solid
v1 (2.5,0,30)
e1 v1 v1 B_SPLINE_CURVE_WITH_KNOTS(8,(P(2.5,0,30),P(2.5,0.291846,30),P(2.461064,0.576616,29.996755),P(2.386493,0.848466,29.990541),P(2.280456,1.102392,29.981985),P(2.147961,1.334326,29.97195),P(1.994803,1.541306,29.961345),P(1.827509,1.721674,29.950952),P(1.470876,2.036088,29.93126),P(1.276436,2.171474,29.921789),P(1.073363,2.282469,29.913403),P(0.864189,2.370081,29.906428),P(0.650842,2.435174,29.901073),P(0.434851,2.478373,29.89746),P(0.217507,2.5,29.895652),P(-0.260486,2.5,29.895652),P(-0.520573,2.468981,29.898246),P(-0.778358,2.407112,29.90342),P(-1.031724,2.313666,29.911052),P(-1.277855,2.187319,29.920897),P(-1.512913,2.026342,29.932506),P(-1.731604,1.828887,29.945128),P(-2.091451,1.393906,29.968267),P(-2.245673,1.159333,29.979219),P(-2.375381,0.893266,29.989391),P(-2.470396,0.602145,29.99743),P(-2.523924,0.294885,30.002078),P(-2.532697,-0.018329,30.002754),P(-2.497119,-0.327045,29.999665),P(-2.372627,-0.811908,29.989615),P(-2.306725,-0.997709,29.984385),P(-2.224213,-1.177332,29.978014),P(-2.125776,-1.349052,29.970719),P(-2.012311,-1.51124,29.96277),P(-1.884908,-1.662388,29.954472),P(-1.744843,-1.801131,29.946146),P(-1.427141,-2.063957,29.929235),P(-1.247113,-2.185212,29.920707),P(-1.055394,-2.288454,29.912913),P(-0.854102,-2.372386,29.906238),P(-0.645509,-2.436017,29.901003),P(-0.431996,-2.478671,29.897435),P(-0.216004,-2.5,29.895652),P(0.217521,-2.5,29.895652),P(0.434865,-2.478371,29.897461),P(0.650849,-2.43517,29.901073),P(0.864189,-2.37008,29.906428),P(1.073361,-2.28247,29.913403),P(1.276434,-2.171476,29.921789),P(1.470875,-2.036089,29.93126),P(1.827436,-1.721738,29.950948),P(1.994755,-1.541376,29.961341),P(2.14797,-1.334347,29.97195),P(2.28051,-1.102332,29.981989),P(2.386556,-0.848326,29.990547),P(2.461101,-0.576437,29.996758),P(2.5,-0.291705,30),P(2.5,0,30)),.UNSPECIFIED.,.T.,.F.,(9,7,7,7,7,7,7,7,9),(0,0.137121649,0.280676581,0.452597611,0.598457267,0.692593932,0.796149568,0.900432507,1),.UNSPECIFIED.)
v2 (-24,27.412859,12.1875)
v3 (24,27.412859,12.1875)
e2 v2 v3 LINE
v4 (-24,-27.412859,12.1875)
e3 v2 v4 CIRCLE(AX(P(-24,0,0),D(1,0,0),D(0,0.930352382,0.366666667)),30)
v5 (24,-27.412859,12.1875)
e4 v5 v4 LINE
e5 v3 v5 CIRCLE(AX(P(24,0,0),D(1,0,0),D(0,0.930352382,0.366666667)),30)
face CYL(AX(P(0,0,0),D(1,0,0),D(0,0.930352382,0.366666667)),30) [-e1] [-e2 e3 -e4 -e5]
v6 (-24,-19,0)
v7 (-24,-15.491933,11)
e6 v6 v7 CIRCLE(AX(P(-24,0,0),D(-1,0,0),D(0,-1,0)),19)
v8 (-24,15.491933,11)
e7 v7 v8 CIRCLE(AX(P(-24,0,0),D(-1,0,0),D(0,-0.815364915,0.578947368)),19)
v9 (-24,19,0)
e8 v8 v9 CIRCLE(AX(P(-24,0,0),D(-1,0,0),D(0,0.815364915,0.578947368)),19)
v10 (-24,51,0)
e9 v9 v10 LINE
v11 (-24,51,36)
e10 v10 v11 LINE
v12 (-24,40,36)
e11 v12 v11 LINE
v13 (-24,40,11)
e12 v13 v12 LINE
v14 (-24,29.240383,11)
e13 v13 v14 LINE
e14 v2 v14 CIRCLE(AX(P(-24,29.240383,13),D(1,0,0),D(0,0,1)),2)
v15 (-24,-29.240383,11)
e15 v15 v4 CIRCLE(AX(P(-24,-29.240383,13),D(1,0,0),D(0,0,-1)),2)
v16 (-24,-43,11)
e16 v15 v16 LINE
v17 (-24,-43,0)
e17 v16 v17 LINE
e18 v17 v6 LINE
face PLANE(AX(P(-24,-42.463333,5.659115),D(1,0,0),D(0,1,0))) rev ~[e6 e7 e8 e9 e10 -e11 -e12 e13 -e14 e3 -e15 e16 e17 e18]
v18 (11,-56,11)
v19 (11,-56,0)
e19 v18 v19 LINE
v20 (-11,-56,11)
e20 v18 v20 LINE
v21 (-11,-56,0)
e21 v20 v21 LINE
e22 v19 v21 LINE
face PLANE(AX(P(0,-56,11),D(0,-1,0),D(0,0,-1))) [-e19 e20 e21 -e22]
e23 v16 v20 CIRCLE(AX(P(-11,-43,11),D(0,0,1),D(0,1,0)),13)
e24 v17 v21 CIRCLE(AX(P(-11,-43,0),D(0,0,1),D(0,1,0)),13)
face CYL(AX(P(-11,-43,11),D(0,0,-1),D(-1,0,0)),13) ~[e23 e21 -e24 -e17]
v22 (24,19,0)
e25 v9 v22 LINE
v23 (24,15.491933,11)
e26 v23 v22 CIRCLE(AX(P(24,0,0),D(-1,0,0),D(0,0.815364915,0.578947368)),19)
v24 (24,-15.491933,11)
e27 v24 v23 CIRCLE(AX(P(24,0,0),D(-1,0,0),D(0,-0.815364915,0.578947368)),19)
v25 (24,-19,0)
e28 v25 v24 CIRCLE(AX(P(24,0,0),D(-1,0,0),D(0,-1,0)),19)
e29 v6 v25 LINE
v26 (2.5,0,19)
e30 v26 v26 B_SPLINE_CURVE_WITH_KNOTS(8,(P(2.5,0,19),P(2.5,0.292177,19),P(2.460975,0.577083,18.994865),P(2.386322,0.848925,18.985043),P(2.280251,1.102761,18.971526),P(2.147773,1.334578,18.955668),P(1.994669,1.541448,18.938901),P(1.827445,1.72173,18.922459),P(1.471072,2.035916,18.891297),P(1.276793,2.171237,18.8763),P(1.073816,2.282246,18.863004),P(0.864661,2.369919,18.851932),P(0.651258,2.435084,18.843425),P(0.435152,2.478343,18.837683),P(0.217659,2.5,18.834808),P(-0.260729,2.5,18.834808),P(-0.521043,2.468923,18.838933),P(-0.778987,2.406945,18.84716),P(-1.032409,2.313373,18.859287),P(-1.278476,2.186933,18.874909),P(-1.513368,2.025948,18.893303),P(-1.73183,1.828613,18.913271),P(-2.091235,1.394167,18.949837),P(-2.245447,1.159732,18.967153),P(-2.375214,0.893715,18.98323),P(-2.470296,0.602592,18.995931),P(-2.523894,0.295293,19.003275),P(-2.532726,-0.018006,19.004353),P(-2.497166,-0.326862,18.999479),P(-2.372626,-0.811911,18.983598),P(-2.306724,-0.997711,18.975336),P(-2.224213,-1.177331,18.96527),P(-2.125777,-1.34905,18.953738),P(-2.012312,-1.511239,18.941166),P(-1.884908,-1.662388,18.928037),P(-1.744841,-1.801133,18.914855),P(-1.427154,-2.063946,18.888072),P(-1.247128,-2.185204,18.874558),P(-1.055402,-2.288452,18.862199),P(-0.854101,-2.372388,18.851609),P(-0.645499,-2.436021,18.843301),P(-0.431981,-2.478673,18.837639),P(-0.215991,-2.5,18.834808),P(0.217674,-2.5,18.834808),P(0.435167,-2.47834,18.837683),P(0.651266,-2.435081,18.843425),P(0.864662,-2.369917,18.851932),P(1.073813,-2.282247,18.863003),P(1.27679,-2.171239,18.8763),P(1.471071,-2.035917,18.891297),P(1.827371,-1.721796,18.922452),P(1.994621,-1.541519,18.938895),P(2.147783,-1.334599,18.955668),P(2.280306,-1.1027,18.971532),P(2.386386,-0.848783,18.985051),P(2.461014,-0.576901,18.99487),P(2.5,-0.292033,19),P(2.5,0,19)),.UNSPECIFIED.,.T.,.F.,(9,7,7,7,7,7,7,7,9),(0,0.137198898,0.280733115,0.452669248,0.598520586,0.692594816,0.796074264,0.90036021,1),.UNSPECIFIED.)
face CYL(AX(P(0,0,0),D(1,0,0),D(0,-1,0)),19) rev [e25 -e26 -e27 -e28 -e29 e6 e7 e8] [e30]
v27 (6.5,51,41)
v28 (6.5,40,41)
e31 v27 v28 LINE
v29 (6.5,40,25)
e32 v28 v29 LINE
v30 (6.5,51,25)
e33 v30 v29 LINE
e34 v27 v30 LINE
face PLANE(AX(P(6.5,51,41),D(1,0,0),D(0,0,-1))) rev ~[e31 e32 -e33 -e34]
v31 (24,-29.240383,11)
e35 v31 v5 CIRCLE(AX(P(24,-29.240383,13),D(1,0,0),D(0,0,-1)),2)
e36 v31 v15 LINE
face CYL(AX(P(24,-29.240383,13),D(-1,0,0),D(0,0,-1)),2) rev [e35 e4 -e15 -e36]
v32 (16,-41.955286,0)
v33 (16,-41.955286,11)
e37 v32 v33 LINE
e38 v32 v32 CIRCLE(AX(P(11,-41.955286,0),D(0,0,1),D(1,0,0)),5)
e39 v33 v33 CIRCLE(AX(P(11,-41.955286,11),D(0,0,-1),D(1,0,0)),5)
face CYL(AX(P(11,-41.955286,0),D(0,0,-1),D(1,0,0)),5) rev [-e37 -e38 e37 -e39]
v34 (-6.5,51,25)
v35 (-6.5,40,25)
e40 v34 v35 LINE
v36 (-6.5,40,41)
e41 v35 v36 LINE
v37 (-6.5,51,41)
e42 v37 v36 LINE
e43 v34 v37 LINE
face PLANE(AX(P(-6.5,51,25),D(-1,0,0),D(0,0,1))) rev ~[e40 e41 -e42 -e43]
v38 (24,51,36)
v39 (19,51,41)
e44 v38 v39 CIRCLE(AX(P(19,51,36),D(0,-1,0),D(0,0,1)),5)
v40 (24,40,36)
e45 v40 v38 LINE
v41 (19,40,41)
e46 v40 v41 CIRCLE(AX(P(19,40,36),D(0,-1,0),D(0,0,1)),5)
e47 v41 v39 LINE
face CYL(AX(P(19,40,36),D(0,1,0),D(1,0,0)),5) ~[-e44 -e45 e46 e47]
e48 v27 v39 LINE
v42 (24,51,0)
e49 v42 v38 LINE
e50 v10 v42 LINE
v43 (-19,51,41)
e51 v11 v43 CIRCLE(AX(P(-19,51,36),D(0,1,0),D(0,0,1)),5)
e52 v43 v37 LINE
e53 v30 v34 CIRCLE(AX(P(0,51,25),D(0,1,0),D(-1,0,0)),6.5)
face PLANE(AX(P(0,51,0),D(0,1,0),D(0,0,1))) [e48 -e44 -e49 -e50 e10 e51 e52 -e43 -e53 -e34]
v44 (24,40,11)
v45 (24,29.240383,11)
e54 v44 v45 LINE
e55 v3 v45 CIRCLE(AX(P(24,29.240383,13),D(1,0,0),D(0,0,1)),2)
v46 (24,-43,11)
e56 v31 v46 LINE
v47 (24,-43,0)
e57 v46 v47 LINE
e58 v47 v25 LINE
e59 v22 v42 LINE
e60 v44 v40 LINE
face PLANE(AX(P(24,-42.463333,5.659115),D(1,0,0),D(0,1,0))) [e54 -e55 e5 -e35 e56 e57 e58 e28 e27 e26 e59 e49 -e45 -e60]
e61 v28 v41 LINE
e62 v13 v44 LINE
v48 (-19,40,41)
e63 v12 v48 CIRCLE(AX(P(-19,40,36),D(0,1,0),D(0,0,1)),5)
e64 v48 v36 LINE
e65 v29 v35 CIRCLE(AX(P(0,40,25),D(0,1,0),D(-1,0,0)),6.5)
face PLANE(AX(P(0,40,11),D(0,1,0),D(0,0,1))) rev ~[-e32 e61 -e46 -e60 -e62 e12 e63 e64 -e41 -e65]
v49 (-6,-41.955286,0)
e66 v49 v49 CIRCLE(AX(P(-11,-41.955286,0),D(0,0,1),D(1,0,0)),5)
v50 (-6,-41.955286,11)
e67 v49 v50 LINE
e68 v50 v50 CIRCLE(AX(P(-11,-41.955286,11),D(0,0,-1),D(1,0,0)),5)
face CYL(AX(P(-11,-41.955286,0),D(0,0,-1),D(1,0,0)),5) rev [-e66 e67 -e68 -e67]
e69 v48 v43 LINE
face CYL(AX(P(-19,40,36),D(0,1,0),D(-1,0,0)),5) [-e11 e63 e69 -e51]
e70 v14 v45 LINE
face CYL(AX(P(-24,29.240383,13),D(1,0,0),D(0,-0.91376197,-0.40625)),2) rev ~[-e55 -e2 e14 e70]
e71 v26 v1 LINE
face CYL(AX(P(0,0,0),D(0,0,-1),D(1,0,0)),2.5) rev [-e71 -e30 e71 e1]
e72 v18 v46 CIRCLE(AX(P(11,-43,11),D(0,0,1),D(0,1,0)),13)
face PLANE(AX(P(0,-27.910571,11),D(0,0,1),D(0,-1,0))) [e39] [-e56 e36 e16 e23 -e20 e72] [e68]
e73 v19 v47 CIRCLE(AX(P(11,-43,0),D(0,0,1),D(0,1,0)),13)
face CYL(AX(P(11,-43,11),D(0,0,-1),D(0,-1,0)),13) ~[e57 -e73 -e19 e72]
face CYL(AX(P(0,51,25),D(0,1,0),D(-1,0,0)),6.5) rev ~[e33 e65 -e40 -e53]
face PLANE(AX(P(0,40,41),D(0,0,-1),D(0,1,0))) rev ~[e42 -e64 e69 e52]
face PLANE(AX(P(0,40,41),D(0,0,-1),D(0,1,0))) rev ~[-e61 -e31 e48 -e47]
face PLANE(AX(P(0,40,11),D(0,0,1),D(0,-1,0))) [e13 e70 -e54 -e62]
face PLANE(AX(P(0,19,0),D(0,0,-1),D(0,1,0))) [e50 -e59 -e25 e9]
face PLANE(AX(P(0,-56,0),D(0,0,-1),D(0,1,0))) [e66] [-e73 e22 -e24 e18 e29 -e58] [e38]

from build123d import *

# Parameters (mm, degrees)
F0_W     = 11
F0_H     = 30
F1_DEPTH = 24
F3_DEPTH = 11
F4_R     = 5
F4_R_2   = 2.5
F5_DEPTH = 41.001
F6_R     = 5
F7_R     = 13
F8_R     = 2


with BuildPart() as f1:
    # F0 (on Right) → F1 (new body, symmetric)
    with BuildSketch(Plane.YZ):
        with BuildLine():
            Line((-56, 0), (-30, 0))
            ThreePointArc((-30, 0), (-29.4730143031, 5.5983415304), (-27.9105714739, 11))
            Line((-27.9105714739, 11), (-56, 11))
            Line((-56, 11), (-56, 0))
        make_face()
        with BuildLine():
            Line((-30, 0), (-19, 0))
            ThreePointArc((-19, 0), (-18.1017503893, 5.7729223833), (-15.4919333848, 11))
            Line((-15.4919333848, 11), (-27.9105714739, 11))
            ThreePointArc((-27.9105714739, 11), (-29.4730143031, 5.5983415304), (-30, 0))
        make_face()
        with BuildLine():
            ThreePointArc((-15.4919333848, 11), (0, 19), (15.4919333848, 11))
            Line((15.4919333848, 11), (27.9105714739, 11))
            ThreePointArc((27.9105714739, 11), (0, 30), (-27.9105714739, 11))
            Line((-27.9105714739, 11), (-15.4919333848, 11))
        make_face()
        with BuildLine():
            ThreePointArc((15.4919333848, 11), (18.1017503893, 5.7729223833), (19, 0))
            Line((19, 0), (30, 0))
            ThreePointArc((30, 0), (29.4730143031, 5.5983415304), (27.9105714739, 11))
            Line((27.9105714739, 11), (15.4919333848, 11))
        make_face()
        with BuildLine():
            ThreePointArc((27.9105714739, 11), (29.4730143031, 5.5983415304), (30, 0))
            Line((30, 0), (51, 0))
            Line((51, 0), (51, 11))
            Line((51, 11), (40, 11))
            Line((40, 11), (27.9105714739, 11))
        make_face()
        with Locations((45.5, 26)):
            Rectangle(F0_W, F0_H)
    extrude(amount=F1_DEPTH, both=True)

    # F2 (on face) → F3 (cut, through all)
    with BuildSketch(Plane(origin=(0, 51, 0), x_dir=(-1, 0, 0), z_dir=(0, 1, 0))):
        with BuildLine():
            ThreePointArc((-6.5, 25), (0, 18.5), (6.5, 25))
            ThreePointArc((6.5, 25), (0, 31.5), (-6.5, 25))
        make_face()
        with BuildLine():
            ThreePointArc((-6.5, 25), (0, 31.5), (6.5, 25))
            Line((6.5, 25), (6.5, 41))
            Line((6.5, 41), (-6.5, 41))
            Line((-6.5, 41), (-6.5, 25))
        make_face()
    extrude(amount=-F3_DEPTH, mode=Mode.SUBTRACT)

    # F4 (on Top) → F5 (cut, through all)
    with BuildSketch(Plane.XY):
        with Locations((11, -41.955285737)):
            Circle(F4_R)
        with Locations((-11, -41.955285737)):
            Circle(F4_R)
        Circle(F4_R_2)
    extrude(amount=F5_DEPTH, mode=Mode.SUBTRACT)

    # F6
    f6_edges = [f1.edges().sort_by_distance(p)[0] for p in [
        (24, 45.5, 41),
        (-24, 45.5, 41),
    ]]
    fillet(f6_edges, radius=F6_R)

    # F7
    f7_edges = [f1.edges().sort_by_distance(p)[0] for p in [
        (24, -56, 5.5),
        (-24, -56, 5.5),
    ]]
    fillet(f7_edges, radius=F7_R)

    # F8
    f8_edges = [f1.edges().sort_by_distance(p)[0] for p in [
        (0, -27.910571, 11),
        (0, 27.910571, 11),
    ]]
    fillet(f8_edges, radius=F8_R)


solid = f1.part
